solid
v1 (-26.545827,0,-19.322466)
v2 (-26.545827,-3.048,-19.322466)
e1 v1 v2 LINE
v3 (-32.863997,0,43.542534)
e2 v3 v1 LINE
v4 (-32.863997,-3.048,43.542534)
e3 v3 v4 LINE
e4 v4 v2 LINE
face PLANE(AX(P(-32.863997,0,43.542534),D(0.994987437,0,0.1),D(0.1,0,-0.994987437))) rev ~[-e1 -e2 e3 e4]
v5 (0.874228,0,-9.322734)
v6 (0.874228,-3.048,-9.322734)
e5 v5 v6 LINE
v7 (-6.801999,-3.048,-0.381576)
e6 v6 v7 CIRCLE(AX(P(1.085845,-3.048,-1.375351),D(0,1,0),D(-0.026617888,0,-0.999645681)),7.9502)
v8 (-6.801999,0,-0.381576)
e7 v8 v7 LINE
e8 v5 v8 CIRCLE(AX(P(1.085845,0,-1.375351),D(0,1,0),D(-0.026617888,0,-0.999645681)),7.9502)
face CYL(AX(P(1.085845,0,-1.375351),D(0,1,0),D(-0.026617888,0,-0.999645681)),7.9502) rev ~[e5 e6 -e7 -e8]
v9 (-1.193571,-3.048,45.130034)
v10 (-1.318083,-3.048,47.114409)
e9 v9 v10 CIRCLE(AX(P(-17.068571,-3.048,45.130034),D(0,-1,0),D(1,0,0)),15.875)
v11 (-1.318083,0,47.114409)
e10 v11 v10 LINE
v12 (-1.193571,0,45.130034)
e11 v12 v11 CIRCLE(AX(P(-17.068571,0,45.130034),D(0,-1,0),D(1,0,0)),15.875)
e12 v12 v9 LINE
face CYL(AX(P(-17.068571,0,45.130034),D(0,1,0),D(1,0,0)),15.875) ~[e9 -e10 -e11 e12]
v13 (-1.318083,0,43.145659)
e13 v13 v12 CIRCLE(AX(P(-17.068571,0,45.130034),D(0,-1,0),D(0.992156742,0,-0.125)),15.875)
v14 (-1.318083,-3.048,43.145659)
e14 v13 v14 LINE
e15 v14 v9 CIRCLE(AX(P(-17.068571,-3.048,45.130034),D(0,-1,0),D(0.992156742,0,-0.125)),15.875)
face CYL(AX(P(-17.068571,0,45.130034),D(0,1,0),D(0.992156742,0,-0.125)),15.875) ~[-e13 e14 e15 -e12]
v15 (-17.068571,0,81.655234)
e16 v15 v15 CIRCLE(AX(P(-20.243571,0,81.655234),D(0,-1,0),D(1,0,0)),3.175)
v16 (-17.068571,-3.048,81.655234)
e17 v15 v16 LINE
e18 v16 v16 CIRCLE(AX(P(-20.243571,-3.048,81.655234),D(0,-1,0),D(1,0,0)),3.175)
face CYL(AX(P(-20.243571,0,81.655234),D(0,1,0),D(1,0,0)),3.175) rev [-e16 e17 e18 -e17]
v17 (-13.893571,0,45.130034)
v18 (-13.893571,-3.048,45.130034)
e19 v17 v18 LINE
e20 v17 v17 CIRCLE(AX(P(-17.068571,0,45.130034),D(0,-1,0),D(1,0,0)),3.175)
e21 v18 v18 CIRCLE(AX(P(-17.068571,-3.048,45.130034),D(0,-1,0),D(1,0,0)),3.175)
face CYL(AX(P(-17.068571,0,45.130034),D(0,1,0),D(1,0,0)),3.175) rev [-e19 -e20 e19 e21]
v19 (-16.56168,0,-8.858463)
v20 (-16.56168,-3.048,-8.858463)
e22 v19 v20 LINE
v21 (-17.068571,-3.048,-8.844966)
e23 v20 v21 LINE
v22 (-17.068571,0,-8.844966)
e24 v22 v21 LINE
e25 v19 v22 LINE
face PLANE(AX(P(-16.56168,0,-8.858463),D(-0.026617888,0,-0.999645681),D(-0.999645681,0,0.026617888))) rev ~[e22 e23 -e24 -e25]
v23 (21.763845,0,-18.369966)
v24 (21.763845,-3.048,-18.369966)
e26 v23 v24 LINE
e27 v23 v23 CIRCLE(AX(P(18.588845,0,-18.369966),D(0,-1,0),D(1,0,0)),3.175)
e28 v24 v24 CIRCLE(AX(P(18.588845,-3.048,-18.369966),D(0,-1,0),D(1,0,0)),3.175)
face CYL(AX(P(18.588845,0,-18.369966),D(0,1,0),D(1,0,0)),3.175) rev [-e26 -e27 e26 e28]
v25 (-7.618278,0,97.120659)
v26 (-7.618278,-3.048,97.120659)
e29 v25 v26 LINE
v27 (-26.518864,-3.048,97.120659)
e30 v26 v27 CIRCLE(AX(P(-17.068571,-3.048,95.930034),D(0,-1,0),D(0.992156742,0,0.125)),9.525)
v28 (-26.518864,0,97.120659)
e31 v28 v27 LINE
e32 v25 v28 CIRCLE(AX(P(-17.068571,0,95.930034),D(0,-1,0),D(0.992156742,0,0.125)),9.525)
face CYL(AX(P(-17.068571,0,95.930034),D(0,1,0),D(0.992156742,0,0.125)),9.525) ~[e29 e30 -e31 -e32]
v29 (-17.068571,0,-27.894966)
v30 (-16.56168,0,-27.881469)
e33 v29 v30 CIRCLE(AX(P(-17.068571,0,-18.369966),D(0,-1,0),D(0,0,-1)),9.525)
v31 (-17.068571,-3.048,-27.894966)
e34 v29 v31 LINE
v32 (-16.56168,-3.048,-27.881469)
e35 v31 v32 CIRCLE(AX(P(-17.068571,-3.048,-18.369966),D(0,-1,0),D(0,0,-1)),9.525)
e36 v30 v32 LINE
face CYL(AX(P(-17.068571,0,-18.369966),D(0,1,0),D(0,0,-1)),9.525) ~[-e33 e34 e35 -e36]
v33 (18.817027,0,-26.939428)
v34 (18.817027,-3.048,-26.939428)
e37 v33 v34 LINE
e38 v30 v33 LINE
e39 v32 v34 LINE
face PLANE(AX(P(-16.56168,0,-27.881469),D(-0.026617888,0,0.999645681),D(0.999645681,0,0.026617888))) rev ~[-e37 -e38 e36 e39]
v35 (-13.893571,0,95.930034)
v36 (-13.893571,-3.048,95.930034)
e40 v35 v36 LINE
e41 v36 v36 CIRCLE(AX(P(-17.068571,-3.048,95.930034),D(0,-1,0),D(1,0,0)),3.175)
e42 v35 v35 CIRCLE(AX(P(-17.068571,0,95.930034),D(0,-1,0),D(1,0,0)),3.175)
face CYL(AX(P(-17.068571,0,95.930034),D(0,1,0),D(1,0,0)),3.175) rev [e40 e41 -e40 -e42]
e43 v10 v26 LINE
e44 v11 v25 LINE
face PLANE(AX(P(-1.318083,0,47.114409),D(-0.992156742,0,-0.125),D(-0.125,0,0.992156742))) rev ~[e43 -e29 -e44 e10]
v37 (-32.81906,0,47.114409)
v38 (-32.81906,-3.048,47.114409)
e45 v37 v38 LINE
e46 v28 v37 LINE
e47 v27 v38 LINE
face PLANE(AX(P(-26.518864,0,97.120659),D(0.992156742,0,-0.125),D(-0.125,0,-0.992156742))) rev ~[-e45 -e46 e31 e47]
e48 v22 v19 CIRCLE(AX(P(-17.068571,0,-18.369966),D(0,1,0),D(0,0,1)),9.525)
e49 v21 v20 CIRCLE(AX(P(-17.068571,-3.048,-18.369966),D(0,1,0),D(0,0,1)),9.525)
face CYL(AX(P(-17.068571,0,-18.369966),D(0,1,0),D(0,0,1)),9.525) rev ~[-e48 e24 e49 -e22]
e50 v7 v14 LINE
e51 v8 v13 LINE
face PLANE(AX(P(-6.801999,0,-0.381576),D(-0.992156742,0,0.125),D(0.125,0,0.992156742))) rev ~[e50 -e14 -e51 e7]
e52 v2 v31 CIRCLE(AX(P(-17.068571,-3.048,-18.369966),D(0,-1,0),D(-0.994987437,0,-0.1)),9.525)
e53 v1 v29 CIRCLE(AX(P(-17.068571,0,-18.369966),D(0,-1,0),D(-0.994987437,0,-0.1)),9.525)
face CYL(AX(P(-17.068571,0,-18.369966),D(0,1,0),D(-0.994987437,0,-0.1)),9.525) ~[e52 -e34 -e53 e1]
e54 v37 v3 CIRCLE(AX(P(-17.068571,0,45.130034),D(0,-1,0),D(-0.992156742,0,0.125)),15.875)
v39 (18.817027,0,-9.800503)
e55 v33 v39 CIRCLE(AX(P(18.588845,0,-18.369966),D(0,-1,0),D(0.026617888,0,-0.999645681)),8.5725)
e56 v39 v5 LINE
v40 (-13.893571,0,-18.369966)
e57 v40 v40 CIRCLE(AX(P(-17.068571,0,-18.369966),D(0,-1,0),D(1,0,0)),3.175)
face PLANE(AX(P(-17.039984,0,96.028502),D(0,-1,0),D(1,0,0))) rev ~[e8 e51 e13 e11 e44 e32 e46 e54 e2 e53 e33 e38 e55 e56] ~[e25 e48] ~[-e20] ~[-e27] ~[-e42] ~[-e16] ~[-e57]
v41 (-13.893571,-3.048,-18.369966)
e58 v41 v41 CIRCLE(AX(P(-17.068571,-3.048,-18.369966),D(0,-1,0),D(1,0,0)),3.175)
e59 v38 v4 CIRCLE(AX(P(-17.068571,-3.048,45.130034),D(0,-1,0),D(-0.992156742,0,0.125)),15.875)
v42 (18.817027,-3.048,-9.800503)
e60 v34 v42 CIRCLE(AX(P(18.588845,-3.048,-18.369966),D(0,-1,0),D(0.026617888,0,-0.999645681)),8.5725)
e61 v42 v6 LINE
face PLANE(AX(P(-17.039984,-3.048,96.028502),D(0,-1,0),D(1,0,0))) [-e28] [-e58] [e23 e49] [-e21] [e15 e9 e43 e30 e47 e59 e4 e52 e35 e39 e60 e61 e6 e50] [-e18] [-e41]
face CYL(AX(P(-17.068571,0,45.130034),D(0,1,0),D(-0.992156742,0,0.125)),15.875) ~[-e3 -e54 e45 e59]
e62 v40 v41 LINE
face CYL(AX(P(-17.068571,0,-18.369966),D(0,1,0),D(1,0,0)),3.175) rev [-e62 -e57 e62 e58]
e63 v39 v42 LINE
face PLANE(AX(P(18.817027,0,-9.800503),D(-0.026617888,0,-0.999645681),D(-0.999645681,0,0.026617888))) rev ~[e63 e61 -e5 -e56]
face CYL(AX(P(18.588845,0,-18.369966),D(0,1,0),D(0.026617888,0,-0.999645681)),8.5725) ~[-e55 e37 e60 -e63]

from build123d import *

# Parameters (mm, degrees)
F0_R     = 3.175
F1_DEPTH = 3.048


with BuildPart() as f1:
    # F0 (on Front) → F1 (new body)
    with BuildSketch(Plane.XZ):
        with BuildLine():
            ThreePointArc((-26.5188644134, 97.120659345), (-17.6650546912, 86.4237294508), (-7.5435714492, 95.930034345))
            ThreePointArc((-7.5435714492, 95.930034345), (-7.562266555, 96.526517587), (-7.618278485, 97.120659345))
            ThreePointArc((-7.618278485, 97.120659345), (-17.0685714492, 105.455034345), (-26.5188644134, 97.120659345))
        make_face()
        with Locations((-17.0685714492, 95.930034345)):
            Circle(F0_R, mode=Mode.SUBTRACT)
        with BuildLine():
            ThreePointArc((-7.618278485, 97.120659345), (-7.562266555, 96.526517587), (-7.5435714492, 95.930034345))
            ThreePointArc((-7.5435714492, 95.930034345), (-17.6650546912, 86.4237294508), (-26.5188644134, 97.120659345))
            Line((-26.5188644134, 97.120659345), (-32.8190597229, 47.114409345))
            ThreePointArc((-32.8190597229, 47.114409345), (-17.0685714492, 61.005034345), (-1.3180831756, 47.114409345))
            Line((-1.3180831756, 47.114409345), (-7.618278485, 97.120659345))
        make_face()
        with Locations((-20.2435714492, 81.655234345)):
            Circle(F0_R, mode=Mode.SUBTRACT)
        with BuildLine():
            Line((-1.3180831756, 43.145659345), (-1.3180831756, 47.114409345))
            ThreePointArc((-1.3180831756, 47.114409345), (-17.0685714492, 61.005034345), (-32.8190597229, 47.114409345))
            Line((-32.8190597229, 47.114409345), (-32.8639970133, 43.542534345))
            ThreePointArc((-32.8639970133, 43.542534345), (-17.2682769359, 29.2562905296), (-1.3180831756, 43.145659345))
        make_face()
        with Locations((-17.0685714492, 45.130034345)):
            Circle(F0_R, mode=Mode.SUBTRACT)
        with BuildLine():
            ThreePointArc((-1.1935714492, 45.130034345), (-1.2247299589, 46.1241730817), (-1.3180831756, 47.114409345))
            Line((-1.3180831756, 47.114409345), (-1.3180831756, 43.145659345))
            ThreePointArc((-1.3180831756, 43.145659345), (-1.2247299589, 44.1358956084), (-1.1935714492, 45.130034345))
        make_face()
        with BuildLine():
            Line((-32.8639970133, 43.542534345), (-32.8190597229, 47.114409345))
            ThreePointArc((-32.8190597229, 47.114409345), (-32.9423152647, 45.3297398317), (-32.8639970133, 43.542534345))
        make_face()
        with BuildLine():
            Line((-6.8019993977, -0.3815762587), (-1.3180831756, 43.145659345))
            ThreePointArc((-1.3180831756, 43.145659345), (-17.2682769359, 29.2562905296), (-32.8639970133, 43.542534345))
            Line((-32.8639970133, 43.542534345), (-26.5458267877, -19.322465655))
            ThreePointArc((-26.5458267877, -19.322465655), (-24.1325005082, -11.9804014093), (-17.0685714492, -8.844965655))
            ThreePointArc((-17.0685714492, -8.844965655), (-16.8150360655, -8.8483405411), (-16.5616803465, -8.8584628079))
            ThreePointArc((-16.5616803465, -8.8584628079), (-10.1564891742, -11.8164365581), (-7.5435714492, -18.369965655))
            ThreePointArc((-7.5435714492, -18.369965655), (-10.1564891742, -24.9234947518), (-16.5616803465, -27.881468502))
            Line((-16.5616803465, -27.881468502), (18.8170266415, -26.9394282575))
            ThreePointArc((18.8170266415, -26.9394282575), (10.0163447962, -18.369965655), (18.8170266415, -9.8005030525))
            Line((18.8170266415, -9.8005030525), (0.8742275961, -9.3227343537))
            ThreePointArc((0.8742275961, -9.3227343537), (-4.9462687982, -6.5540848491), (-6.8019993977, -0.3815762587))
        make_face()
        with BuildLine():
            ThreePointArc((-17.0685714492, -8.844965655), (-24.1325005082, -11.9804014093), (-26.5458267877, -19.322465655))
            ThreePointArc((-26.5458267877, -19.322465655), (-23.4581356949, -25.4338947139), (-17.0685714492, -27.894965655))
            Line((-17.0685714492, -27.894965655), (-16.5616803465, -27.881468502))
            ThreePointArc((-16.5616803465, -27.881468502), (-10.1564891742, -24.9234947518), (-7.5435714492, -18.369965655))
            ThreePointArc((-7.5435714492, -18.369965655), (-10.1564891742, -11.8164365581), (-16.5616803465, -8.8584628079))
            Line((-16.5616803465, -8.8584628079), (-17.0685714492, -8.844965655))
        make_face()
        with Locations((-17.0685714492, -18.369965655)):
            Circle(F0_R, mode=Mode.SUBTRACT)
        with BuildLine():
            Line((-16.5616803465, -27.881468502), (-17.0685714492, -27.894965655))
            ThreePointArc((-17.0685714492, -27.894965655), (-16.8150360655, -27.8915907688), (-16.5616803465, -27.881468502))
        make_face()
        with BuildLine():
            ThreePointArc((27.1613447962, -18.369965655), (24.7306623252, -12.3895113503), (18.8170266415, -9.8005030525))
            ThreePointArc((18.8170266415, -9.8005030525), (10.0163447962, -18.369965655), (18.8170266415, -26.9394282575))
            ThreePointArc((18.8170266415, -26.9394282575), (24.7306623252, -24.3504199597), (27.1613447962, -18.369965655))
        make_face()
        with Locations((18.5888447962, -18.369965655)):
            Circle(F0_R, mode=Mode.SUBTRACT)
    extrude(amount=F1_DEPTH)


solid = f1.part
